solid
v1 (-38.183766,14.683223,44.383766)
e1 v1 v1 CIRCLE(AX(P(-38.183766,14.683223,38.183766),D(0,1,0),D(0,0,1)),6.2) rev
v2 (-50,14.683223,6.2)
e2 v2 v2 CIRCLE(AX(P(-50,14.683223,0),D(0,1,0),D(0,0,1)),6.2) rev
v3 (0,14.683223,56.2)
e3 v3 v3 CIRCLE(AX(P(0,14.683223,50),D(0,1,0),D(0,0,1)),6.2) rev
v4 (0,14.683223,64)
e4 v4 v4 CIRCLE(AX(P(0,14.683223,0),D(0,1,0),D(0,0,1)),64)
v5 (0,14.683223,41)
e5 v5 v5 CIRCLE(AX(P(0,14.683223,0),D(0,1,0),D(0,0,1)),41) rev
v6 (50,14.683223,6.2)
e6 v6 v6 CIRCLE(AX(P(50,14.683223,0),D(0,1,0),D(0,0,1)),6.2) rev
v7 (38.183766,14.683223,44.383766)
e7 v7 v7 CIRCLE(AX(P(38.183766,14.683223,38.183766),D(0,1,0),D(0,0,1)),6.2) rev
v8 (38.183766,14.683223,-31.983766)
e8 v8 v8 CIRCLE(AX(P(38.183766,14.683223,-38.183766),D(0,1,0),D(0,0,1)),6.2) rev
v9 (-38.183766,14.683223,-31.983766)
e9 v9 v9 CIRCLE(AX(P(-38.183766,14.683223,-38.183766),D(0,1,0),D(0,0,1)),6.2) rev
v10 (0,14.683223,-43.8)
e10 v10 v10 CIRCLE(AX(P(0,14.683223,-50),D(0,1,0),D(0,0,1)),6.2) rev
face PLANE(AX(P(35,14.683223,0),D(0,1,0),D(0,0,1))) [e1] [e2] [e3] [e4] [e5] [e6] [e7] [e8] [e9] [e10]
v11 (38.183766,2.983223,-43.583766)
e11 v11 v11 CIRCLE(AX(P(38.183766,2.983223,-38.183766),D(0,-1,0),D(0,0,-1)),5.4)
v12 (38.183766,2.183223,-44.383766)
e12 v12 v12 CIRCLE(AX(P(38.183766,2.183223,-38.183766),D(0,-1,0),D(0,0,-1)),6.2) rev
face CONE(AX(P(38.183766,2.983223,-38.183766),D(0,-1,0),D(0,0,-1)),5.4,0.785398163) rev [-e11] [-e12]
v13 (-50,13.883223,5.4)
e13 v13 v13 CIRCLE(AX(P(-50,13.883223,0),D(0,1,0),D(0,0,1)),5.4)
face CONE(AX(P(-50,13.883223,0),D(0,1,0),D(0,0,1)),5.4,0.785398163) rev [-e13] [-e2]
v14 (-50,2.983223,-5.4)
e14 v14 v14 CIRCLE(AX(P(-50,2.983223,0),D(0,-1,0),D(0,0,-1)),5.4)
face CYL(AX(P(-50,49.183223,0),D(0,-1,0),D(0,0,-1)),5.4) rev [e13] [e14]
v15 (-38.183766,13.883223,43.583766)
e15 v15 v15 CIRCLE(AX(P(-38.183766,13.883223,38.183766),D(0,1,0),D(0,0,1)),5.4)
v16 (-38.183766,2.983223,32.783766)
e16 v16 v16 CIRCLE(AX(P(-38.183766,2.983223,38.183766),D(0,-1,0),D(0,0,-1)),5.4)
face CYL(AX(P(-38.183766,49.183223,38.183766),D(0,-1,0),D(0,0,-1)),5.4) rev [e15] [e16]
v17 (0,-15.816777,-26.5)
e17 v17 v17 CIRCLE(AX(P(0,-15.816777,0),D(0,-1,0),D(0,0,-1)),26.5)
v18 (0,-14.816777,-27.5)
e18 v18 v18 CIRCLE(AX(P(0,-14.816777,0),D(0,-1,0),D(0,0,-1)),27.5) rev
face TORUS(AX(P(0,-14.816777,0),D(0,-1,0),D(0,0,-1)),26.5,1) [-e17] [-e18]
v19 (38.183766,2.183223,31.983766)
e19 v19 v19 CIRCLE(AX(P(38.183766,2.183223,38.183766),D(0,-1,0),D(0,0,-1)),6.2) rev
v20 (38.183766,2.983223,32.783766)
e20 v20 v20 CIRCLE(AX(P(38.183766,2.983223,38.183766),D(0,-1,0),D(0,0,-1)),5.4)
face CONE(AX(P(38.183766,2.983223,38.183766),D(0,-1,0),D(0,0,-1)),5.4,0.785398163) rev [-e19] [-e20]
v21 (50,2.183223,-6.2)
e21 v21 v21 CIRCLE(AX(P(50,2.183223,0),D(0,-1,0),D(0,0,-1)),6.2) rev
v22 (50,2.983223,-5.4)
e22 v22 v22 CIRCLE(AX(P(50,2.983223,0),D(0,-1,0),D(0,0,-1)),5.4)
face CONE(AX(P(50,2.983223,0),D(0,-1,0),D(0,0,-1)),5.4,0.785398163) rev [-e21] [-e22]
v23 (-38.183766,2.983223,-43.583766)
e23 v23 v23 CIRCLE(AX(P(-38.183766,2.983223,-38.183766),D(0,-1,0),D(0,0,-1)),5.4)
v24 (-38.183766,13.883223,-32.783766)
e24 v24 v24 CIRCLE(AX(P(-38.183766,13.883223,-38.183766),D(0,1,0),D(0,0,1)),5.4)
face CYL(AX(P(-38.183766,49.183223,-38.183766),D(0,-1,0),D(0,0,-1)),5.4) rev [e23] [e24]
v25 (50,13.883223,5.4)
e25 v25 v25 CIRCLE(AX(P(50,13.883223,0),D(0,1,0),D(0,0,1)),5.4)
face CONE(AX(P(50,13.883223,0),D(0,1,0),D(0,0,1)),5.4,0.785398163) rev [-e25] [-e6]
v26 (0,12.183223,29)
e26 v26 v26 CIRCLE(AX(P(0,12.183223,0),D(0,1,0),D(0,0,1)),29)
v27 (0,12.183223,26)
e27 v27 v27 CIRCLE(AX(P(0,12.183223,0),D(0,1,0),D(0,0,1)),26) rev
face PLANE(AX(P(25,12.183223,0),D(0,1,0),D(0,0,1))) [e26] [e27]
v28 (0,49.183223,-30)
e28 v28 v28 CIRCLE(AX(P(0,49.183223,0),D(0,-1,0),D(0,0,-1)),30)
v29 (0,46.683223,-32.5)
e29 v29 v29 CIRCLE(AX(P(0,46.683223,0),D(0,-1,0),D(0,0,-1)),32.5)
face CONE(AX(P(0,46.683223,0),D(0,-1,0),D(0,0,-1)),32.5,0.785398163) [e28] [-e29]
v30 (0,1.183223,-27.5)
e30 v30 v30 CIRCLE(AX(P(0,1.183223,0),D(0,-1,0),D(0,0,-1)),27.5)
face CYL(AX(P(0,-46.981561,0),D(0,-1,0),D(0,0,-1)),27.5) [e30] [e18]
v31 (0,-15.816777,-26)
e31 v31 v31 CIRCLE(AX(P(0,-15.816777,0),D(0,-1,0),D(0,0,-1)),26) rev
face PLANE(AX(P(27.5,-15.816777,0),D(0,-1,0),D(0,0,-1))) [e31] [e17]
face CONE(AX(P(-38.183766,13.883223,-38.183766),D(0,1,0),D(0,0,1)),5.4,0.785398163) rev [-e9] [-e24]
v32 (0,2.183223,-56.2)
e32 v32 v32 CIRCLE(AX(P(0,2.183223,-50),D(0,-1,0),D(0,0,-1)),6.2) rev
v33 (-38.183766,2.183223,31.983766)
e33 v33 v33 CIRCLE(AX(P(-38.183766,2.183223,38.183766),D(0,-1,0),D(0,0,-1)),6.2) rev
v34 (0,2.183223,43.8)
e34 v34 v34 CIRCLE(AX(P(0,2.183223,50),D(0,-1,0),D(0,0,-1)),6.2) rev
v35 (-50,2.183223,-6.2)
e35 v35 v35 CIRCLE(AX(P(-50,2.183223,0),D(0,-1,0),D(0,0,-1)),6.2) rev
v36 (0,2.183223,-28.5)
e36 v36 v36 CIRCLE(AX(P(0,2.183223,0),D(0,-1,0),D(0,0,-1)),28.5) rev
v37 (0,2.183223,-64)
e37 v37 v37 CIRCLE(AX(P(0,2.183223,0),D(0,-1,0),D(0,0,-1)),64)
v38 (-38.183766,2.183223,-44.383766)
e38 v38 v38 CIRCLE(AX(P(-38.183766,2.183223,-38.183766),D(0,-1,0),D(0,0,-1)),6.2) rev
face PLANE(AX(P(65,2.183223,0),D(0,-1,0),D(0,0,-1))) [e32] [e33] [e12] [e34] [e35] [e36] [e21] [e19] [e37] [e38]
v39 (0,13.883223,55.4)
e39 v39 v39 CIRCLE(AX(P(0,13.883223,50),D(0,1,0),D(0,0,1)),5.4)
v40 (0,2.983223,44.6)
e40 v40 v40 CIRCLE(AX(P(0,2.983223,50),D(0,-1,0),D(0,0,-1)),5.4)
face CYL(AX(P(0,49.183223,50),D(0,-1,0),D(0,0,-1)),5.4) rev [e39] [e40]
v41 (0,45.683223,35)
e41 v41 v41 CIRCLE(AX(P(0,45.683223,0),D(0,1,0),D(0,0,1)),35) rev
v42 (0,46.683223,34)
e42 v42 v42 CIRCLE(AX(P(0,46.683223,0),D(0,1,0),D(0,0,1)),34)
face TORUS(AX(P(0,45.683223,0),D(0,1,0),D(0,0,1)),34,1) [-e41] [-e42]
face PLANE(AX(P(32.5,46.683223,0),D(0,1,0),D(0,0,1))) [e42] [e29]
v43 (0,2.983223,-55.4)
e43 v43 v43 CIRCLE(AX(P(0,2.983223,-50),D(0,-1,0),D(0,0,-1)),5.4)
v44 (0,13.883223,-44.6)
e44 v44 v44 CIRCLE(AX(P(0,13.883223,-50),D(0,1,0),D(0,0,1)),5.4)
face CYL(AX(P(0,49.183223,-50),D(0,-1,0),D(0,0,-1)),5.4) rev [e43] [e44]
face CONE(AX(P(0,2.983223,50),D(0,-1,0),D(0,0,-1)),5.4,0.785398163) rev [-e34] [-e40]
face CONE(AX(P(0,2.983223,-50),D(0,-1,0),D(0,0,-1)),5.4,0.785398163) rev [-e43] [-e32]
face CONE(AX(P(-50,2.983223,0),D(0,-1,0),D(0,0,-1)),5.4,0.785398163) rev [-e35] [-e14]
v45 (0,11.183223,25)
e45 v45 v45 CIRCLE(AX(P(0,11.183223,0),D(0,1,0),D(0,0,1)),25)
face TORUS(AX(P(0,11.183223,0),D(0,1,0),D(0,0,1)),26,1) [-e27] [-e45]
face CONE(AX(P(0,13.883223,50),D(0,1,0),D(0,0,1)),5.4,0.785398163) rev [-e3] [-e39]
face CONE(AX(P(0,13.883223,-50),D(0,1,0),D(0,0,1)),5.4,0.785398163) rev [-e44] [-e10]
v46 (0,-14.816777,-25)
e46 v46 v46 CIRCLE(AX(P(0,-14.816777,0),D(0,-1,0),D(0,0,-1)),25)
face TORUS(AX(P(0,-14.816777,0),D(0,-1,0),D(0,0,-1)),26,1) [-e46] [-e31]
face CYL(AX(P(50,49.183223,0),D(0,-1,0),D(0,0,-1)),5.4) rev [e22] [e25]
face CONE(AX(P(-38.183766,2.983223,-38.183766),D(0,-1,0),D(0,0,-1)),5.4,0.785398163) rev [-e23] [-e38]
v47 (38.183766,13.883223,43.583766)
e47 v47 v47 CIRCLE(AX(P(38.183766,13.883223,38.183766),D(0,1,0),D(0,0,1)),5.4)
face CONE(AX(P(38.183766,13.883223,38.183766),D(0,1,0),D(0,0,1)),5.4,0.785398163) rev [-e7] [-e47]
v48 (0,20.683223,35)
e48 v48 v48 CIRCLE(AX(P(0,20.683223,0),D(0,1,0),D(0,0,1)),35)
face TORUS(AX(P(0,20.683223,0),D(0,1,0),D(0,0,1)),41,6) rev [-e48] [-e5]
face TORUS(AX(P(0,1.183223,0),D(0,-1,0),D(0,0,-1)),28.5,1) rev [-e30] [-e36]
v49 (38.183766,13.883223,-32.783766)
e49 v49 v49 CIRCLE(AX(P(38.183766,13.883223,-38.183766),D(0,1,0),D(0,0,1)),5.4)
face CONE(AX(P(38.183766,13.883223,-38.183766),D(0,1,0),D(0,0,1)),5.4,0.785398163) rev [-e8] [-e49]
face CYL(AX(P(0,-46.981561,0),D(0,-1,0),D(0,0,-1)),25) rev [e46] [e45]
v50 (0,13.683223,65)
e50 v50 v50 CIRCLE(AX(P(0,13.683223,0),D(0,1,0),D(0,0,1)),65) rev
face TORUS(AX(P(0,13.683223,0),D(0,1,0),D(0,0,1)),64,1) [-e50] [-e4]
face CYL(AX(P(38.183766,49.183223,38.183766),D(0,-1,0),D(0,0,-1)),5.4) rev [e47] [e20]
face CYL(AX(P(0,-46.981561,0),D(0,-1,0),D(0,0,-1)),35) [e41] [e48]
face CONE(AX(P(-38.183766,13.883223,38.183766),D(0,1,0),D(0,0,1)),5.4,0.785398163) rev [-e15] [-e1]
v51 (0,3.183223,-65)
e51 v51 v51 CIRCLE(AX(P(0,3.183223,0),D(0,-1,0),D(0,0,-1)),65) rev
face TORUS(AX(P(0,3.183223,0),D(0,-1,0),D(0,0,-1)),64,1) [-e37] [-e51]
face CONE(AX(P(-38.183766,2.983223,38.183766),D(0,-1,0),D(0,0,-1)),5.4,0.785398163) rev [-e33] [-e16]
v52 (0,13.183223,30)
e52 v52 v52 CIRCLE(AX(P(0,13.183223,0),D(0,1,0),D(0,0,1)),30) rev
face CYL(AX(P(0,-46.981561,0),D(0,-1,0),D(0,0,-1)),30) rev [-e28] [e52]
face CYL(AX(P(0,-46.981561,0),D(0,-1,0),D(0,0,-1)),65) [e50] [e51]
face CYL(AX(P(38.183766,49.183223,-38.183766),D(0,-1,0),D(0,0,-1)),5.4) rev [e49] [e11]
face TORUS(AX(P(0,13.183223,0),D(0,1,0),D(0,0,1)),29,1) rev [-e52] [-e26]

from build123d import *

# Parameters (mm, degrees)
FILETE1_R             = 6
FILETE2_R             = 1
FILETE3_R             = 1
ESBO_O2_R             = 5.4
CORTE_EXTRUS_O1_DEPTH = 104.2424332
ESBO_O3_R             = 5.4
CORTE_EXTRUS_O2_DEPTH = 104.2424332
CHANFRO1_SIZE         = 0.8


with BuildPart() as part:
    # Esboço1 → Revolução1 (revolve)
    with BuildSketch(Plane.XY, mode=Mode.PRIVATE) as revolu_o1_sk:
        Polygon((30, 49.183222591), (32.5, 46.683222591), (35, 46.683222591), (35, 14.683222591), (65, 14.683222591), (65, 2.183222591), (27.5, 2.183222591), (27.5, -15.816777409), (25, -15.816777409), (25, 12.183222591), (30, 12.183222591), align=None)
    revolve(revolu_o1_sk.sketch.rotate(Axis((0, -46.981561462, 0), (0, 1, 0)), 90), axis=Axis((0, -46.981561462, 0), (0, 1, 0)))

    # Filete1
    filete1_edges = [part.edges().sort_by_distance(p)[0] for p in [
        (0, 14.683222591, 35),
    ]]
    fillet(filete1_edges, radius=FILETE1_R)

    # Filete2
    filete2_edges = [part.edges().sort_by_distance(p)[0] for p in [
        (0, 14.683222591, 65),
        (0, 46.683222591, 35),
        (0, 12.183222591, 30),
        (0, 2.183222591, 65),
    ]]
    fillet(filete2_edges, radius=FILETE2_R)

    # Filete3
    filete3_edges = [part.edges().sort_by_distance(p)[0] for p in [
        (0, 12.183222591, 25),
        (0, -15.816777409, 25),
        (0, -15.816777409, 27.5),
        (0, 2.183222591, 27.5),
    ]]
    fillet(filete3_edges, radius=FILETE3_R)

    # Esboço2 → Corte-extrusão1 (cut, through all)
    with BuildSketch(Plane(origin=(0, 2.183222591, 0), x_dir=(-1, 0, 0), z_dir=(0, -1, 0))):
        with Locations(Location((0, -50, 0), (0, 0, 90))):
            Circle(ESBO_O2_R)
        with Locations(Location((-50, 0, 0), (0, 0, 90))):
            Circle(ESBO_O2_R)
        with Locations(Location((0, 50, 0), (0, 0, 90))):
            Circle(ESBO_O2_R)
        with Locations(Location((50, 0, 0), (0, 0, 90))):
            Circle(ESBO_O2_R)
    extrude(amount=-CORTE_EXTRUS_O1_DEPTH, mode=Mode.SUBTRACT)

    # Esboço3 → Corte-extrusão2 (cut, through all)
    with BuildSketch(Plane(origin=(0, 2.183222591, 0), x_dir=(-1, 0, 0), z_dir=(0, -1, 0))):
        with Locations(Location((38.183766184, -38.183766184, 0), (0, 0, 90))):
            Circle(ESBO_O3_R)
        with Locations(Location((-38.183766184, -38.183766184, 0), (0, 0, 90))):
            Circle(ESBO_O3_R)
        with Locations(Location((-38.183766184, 38.183766184, 0), (0, 0, 90))):
            Circle(ESBO_O3_R)
        with Locations(Location((38.183766184, 38.183766184, 0), (0, 0, 90))):
            Circle(ESBO_O3_R)
    extrude(amount=-CORTE_EXTRUS_O2_DEPTH, mode=Mode.SUBTRACT)

    # Chanfro1
    chanfro1_edges = [part.edges().sort_by_distance(p)[0] for p in [
        (0, 14.683222591, 55.4),
        (0, 2.183222591, 55.4),
        (50, 14.683222591, 5.4),
        (50, 2.183222591, 5.4),
        (0, 14.683222591, -44.6),
        (0, 2.183222591, -44.6),
        (-50, 14.683222591, 5.4),
        (-50, 2.183222591, 5.4),
        (-38.183766184, 14.683222591, 43.583766184),
        (-38.183766184, 2.183222591, 43.583766184),
        (38.183766184, 14.683222591, 43.583766184),
        (38.183766184, 2.183222591, 43.583766184),
        (38.183766184, 14.683222591, -32.783766184),
        (38.183766184, 2.183222591, -32.783766184),
        (-38.183766184, 14.683222591, -32.783766184),
        (-38.183766184, 2.183222591, -32.783766184),
    ]]
    chamfer(chanfro1_edges, length=CHANFRO1_SIZE)


solid = part.part
